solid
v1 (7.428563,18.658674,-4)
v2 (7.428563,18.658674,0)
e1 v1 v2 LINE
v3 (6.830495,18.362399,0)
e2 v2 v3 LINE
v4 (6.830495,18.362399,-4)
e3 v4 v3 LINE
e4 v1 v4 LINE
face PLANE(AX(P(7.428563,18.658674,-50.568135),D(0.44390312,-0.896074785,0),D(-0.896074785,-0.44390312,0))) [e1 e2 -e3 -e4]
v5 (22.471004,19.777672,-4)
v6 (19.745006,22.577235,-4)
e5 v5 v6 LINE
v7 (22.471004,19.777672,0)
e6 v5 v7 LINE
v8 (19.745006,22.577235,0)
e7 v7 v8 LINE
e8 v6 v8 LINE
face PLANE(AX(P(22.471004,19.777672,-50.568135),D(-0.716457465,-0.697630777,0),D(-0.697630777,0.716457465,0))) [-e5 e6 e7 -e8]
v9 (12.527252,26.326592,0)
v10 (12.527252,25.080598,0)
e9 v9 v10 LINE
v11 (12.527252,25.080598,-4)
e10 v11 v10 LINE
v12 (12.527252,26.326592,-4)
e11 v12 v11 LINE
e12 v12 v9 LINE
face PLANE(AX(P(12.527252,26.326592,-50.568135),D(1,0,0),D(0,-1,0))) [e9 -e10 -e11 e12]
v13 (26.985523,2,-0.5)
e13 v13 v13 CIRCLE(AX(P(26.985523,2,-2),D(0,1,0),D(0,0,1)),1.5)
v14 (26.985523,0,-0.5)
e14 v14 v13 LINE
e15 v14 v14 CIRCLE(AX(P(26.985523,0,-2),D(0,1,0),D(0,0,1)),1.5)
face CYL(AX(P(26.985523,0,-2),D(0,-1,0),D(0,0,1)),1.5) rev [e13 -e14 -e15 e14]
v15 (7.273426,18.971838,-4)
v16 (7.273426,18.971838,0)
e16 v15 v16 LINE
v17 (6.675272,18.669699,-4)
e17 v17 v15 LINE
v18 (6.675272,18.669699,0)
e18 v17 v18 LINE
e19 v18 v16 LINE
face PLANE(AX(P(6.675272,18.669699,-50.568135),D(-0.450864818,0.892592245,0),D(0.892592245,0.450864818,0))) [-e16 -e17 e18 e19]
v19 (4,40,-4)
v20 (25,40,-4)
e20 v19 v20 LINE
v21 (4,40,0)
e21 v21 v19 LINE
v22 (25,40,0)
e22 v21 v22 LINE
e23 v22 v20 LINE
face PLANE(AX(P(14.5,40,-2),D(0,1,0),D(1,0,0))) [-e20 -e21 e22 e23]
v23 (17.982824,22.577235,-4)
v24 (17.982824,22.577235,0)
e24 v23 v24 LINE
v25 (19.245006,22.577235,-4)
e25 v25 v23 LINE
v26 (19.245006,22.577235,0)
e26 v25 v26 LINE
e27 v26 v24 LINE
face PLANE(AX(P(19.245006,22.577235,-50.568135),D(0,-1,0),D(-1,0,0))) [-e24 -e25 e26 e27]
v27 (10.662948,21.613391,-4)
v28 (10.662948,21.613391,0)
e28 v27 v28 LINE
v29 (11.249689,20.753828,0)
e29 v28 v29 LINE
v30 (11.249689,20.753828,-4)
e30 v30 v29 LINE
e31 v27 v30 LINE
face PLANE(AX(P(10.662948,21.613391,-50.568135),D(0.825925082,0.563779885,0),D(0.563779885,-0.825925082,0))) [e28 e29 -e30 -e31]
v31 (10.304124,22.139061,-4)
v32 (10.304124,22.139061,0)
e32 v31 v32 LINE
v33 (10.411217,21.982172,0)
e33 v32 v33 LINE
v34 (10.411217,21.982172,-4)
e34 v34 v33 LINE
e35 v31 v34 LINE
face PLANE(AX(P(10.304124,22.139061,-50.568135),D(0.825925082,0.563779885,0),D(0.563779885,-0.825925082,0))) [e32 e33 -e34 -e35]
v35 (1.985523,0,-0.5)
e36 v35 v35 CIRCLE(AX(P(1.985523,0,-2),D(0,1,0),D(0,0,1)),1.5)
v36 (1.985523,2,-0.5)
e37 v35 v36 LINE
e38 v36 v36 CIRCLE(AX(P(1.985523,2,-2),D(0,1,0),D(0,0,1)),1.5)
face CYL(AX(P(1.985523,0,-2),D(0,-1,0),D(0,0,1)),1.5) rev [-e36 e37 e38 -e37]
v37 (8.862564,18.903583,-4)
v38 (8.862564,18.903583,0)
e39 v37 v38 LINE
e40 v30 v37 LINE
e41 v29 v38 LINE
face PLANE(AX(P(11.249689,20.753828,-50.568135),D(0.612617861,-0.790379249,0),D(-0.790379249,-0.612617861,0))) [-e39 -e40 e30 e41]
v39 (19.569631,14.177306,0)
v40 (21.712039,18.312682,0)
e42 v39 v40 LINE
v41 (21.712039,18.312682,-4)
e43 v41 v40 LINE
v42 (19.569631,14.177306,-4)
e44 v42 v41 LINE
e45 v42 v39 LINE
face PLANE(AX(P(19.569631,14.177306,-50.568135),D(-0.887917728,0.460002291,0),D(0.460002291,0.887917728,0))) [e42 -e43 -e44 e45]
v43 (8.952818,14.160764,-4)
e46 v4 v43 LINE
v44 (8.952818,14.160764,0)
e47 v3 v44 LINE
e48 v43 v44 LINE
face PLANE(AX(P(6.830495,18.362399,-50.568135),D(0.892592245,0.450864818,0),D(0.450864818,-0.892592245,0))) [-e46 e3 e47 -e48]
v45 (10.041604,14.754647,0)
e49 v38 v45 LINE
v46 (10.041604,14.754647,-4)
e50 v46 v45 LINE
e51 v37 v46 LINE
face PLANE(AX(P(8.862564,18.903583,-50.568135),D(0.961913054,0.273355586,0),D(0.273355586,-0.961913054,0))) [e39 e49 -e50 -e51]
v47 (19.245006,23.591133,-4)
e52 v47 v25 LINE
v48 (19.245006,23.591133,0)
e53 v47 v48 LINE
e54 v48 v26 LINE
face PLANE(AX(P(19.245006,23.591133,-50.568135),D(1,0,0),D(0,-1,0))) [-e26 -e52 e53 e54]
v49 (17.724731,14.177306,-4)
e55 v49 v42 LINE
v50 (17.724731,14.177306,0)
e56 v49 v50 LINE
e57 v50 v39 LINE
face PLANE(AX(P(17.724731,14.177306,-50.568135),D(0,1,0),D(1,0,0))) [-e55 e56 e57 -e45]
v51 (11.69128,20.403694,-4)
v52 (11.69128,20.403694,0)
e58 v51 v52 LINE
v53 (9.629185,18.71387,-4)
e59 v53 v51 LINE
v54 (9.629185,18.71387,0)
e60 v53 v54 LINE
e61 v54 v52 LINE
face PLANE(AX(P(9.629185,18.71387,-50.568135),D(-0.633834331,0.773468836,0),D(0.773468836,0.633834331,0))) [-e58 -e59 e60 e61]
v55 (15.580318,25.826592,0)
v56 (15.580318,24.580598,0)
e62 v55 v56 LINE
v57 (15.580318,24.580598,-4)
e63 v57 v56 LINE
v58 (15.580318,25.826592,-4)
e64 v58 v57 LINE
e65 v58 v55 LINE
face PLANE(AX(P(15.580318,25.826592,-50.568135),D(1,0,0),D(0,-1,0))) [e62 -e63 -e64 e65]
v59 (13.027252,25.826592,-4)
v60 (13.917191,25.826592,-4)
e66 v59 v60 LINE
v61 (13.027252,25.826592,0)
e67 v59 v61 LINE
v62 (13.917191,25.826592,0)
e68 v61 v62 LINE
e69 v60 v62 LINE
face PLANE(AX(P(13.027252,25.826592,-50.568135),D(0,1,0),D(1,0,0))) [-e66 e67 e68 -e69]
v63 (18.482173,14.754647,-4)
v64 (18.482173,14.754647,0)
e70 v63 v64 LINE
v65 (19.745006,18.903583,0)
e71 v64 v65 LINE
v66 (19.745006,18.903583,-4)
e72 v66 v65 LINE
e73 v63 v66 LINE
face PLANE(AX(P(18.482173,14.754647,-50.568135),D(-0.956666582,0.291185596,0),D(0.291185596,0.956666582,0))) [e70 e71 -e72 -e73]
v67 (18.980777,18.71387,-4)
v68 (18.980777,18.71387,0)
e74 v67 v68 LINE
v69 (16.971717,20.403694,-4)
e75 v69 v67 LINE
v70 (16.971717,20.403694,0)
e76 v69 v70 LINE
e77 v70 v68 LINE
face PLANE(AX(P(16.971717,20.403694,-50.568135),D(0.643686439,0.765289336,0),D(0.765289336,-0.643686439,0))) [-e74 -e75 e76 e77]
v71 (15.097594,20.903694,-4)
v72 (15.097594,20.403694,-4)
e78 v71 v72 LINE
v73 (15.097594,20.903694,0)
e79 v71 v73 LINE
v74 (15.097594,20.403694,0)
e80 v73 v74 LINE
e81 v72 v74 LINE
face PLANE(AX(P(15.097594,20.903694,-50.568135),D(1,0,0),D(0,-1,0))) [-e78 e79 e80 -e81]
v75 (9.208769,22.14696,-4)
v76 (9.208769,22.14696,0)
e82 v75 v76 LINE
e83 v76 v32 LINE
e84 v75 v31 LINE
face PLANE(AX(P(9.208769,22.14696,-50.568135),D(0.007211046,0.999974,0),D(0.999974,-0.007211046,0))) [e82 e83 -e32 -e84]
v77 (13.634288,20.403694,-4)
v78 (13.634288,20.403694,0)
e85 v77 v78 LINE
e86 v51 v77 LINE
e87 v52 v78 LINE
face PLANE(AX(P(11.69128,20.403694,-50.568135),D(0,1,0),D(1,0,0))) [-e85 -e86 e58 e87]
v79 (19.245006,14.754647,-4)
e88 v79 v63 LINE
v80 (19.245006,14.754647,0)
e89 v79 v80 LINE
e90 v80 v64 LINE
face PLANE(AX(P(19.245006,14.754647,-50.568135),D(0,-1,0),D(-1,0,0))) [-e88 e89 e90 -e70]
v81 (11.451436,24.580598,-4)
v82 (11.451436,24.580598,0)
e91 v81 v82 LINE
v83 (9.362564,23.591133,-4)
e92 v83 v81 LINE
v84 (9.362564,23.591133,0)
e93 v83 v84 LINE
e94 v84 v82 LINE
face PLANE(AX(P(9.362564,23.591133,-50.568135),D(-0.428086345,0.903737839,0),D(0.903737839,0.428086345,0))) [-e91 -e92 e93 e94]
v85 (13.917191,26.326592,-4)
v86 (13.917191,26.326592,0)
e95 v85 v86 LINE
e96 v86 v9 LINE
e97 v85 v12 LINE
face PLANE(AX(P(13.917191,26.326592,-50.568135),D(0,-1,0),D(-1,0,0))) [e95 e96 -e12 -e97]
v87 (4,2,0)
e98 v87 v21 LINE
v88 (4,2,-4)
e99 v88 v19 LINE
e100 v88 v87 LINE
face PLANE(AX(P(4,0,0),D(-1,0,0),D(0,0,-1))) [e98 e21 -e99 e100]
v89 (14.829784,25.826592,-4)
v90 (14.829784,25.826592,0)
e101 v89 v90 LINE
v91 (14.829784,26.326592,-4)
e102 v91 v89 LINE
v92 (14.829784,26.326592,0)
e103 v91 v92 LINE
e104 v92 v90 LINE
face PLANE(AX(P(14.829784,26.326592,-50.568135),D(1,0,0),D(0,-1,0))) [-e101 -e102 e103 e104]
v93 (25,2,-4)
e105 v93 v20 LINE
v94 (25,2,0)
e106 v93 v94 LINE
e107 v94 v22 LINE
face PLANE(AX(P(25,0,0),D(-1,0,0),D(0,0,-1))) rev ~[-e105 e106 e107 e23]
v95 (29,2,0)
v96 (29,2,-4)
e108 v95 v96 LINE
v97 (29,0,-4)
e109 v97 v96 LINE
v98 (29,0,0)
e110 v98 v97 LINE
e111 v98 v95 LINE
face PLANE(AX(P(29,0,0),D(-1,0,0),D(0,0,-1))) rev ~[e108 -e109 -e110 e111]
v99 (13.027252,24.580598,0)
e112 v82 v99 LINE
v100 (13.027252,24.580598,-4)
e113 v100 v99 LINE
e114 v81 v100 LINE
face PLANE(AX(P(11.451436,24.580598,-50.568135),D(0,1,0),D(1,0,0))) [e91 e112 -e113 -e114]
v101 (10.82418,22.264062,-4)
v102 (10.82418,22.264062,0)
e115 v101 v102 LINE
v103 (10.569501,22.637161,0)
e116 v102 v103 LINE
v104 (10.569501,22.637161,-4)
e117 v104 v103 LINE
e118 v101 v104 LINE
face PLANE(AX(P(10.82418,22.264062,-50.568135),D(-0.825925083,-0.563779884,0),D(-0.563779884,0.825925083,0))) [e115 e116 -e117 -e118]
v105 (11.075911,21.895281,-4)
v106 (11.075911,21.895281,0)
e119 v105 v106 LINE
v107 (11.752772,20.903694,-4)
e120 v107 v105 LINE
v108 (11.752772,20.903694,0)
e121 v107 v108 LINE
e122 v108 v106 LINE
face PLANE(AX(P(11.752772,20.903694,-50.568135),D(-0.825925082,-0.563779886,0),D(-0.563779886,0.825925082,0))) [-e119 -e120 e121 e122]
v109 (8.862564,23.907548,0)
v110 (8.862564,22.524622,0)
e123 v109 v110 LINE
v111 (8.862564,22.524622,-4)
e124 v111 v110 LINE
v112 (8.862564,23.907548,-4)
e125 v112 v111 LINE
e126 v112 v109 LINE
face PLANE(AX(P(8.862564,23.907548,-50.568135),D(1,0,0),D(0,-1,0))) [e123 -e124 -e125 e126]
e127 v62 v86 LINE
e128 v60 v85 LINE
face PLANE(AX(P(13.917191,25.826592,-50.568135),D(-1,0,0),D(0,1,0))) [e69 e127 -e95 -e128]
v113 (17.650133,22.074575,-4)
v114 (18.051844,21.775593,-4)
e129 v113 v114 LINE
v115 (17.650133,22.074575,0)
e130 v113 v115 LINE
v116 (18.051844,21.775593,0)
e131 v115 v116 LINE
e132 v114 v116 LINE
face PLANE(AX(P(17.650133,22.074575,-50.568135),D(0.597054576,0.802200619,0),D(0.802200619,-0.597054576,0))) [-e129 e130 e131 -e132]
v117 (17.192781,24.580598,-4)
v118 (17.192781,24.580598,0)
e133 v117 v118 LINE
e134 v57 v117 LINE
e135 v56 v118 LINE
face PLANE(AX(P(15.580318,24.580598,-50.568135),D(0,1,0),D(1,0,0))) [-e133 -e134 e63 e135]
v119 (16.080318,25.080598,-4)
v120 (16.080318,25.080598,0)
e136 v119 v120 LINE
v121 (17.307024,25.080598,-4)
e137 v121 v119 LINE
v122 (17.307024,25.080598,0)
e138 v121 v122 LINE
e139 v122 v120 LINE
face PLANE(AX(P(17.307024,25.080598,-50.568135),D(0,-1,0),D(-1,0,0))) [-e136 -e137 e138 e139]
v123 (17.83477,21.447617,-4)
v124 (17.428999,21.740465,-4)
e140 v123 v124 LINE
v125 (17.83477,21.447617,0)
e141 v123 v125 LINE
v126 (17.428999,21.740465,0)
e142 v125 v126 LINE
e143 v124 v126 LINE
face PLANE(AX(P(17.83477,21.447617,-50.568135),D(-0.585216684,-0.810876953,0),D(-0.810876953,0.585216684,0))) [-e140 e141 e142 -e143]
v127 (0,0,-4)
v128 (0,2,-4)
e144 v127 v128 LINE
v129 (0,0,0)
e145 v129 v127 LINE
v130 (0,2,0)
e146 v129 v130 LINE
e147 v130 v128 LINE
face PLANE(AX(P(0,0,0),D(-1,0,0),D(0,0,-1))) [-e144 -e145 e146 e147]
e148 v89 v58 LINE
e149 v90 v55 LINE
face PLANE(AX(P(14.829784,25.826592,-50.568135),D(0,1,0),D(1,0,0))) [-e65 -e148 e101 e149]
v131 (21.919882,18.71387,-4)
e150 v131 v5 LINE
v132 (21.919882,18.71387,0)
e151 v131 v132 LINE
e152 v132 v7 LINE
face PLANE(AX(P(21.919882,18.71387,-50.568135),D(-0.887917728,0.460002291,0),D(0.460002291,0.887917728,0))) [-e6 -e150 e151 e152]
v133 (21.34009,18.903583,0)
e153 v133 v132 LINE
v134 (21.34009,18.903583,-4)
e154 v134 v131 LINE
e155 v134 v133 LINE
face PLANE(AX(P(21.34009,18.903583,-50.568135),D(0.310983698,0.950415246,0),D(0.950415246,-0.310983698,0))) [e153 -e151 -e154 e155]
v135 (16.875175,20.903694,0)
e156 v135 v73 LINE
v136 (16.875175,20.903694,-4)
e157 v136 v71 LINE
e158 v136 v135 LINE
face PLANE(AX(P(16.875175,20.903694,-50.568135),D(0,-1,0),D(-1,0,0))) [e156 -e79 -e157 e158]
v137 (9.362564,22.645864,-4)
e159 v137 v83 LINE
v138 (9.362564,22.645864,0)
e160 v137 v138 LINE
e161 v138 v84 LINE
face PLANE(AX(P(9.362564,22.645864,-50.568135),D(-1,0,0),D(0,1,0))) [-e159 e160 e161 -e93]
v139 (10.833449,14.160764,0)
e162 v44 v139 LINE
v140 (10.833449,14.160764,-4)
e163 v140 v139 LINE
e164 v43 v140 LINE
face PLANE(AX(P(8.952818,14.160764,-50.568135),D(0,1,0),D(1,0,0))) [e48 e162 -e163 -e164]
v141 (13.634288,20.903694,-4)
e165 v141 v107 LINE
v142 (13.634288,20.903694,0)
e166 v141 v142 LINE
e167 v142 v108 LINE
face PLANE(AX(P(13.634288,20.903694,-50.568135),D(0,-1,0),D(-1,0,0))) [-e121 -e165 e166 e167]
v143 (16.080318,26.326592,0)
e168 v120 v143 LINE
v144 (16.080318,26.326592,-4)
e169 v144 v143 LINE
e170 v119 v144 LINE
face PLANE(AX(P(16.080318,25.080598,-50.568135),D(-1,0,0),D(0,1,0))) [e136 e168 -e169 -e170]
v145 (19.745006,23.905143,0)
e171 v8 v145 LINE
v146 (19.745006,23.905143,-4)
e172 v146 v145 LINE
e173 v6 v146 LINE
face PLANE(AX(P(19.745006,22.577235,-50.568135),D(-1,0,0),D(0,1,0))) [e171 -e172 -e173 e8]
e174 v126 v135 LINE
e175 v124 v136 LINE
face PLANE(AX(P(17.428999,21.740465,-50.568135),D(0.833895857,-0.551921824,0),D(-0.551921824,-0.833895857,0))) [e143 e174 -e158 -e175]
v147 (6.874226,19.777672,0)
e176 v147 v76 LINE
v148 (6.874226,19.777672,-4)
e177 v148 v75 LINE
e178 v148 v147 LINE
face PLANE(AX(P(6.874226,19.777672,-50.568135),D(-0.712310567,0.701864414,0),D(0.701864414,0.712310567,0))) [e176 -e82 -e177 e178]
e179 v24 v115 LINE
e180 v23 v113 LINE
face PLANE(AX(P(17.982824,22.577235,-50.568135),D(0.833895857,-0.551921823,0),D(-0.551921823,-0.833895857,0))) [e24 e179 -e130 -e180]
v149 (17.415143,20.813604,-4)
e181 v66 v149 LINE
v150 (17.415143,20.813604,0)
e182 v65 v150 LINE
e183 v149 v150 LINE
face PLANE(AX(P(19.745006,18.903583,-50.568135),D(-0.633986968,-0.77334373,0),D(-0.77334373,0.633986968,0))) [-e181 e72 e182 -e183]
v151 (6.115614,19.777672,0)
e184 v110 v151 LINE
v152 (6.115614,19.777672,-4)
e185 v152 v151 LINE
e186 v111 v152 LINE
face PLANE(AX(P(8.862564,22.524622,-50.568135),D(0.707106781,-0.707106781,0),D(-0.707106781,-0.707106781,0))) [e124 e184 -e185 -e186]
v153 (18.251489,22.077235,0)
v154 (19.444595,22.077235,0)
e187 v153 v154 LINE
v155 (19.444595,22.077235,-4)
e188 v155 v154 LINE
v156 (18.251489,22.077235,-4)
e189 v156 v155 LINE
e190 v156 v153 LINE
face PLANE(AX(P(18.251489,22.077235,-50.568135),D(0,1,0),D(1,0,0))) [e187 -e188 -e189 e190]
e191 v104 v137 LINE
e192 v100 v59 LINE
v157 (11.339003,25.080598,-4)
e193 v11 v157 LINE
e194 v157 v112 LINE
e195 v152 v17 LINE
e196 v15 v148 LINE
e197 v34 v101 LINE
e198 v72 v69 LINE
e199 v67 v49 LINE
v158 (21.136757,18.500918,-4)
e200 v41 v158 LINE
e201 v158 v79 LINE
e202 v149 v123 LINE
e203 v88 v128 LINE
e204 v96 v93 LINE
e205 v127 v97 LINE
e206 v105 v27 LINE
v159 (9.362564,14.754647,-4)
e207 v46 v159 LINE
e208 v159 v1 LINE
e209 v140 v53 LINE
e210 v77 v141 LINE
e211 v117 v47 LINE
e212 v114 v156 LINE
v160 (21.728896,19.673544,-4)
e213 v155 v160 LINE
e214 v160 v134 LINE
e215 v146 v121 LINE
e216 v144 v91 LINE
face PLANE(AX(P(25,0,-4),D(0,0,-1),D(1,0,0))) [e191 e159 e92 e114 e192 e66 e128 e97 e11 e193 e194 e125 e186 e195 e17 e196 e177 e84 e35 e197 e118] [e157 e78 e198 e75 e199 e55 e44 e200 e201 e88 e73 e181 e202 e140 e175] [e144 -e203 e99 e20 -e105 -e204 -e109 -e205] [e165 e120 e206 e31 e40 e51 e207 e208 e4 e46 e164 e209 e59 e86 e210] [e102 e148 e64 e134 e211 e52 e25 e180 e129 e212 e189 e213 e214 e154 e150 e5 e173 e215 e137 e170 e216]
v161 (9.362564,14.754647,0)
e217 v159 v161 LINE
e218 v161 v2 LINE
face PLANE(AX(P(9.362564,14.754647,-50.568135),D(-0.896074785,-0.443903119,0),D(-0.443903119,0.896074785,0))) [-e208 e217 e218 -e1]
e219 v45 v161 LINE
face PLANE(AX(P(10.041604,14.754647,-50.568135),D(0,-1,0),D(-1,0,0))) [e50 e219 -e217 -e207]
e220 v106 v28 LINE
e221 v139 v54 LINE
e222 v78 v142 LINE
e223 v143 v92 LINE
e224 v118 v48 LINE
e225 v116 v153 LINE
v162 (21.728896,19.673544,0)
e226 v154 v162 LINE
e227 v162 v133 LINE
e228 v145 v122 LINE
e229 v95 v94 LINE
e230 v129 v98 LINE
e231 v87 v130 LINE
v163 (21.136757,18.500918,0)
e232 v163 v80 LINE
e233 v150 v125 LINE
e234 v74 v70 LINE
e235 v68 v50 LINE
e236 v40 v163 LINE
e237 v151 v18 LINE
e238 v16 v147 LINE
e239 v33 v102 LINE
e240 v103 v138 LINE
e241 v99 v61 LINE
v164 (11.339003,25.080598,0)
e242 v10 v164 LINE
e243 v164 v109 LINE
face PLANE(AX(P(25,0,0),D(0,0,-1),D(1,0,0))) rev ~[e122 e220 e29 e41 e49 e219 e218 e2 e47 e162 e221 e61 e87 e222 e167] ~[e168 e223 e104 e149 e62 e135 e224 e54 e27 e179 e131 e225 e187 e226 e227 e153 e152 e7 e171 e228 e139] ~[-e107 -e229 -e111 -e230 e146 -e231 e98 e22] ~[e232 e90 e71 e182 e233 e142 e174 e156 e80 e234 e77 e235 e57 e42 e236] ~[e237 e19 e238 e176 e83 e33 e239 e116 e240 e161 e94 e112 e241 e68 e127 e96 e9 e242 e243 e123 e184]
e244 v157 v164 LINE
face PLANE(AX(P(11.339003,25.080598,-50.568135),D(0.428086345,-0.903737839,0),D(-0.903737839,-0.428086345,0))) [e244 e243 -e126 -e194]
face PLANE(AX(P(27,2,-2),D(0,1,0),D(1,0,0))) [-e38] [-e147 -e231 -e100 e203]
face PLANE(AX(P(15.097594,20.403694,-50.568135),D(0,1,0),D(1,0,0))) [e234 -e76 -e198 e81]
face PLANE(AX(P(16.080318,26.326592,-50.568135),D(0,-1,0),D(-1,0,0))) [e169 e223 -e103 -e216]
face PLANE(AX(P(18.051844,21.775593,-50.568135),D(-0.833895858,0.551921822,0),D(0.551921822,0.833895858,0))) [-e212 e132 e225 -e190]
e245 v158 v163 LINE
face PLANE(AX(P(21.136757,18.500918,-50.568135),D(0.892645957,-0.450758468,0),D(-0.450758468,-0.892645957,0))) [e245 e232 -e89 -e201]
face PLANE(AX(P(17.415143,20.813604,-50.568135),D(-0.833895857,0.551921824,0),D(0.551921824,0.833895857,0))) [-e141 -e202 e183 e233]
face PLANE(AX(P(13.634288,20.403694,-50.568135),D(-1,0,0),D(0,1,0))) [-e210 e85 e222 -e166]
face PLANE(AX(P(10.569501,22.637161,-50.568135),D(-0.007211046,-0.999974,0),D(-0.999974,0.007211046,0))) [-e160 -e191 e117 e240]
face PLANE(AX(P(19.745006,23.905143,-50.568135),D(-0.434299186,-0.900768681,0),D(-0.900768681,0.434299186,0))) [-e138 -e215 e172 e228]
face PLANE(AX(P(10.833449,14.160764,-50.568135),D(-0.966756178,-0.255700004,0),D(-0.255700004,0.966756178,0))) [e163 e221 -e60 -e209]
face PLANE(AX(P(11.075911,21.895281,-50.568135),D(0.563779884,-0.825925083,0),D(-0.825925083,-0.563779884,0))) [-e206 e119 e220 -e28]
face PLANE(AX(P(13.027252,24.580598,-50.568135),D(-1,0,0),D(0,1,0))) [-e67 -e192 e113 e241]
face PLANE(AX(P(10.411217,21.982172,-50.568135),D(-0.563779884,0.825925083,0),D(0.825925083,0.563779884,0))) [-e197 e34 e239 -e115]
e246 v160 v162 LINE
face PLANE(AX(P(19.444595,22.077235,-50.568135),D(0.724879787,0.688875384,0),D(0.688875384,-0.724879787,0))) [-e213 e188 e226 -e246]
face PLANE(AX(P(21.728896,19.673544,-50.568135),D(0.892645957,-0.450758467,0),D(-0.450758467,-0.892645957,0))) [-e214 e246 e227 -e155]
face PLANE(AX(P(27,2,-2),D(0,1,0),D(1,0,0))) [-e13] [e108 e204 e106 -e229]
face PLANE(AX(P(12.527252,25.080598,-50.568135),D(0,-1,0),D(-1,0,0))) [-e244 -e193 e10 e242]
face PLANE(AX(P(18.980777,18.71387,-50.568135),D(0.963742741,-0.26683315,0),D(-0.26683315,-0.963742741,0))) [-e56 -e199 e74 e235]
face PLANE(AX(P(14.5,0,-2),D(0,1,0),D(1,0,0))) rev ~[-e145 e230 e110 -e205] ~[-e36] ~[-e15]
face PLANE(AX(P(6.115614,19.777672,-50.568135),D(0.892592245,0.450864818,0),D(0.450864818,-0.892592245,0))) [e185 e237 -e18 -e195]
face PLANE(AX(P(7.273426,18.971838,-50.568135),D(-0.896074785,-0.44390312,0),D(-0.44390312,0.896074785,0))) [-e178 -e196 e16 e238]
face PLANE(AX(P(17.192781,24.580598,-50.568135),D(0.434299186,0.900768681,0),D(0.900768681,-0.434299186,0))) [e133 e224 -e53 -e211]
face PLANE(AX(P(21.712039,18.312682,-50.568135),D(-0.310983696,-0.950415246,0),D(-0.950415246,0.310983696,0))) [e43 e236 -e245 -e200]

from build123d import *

# Parameters (mm, degrees)
SKETCH1_W               = 29
SKETCH1_H               = 4
SKETCH1_R               = 1.5
BOSS_EXTRUDE1_DEPTH     = 2
SKETCH1_3_W             = 21
SKETCH1_3_H             = 4
BOSS_EXTRUDE2_DEPTH     = 40
CUT_EXTRUDE1_DEPTH      = 50.568134926
CUT_EXTRUDE1_DEPTH_BACK = 50.568134926


with BuildPart() as part:
    # Sketch1 → Boss-Extrude1 (new body)
    with BuildSketch(Plane(origin=(0, 0, 0), x_dir=(1, 0, 0), z_dir=(0, 1, 0))):
        with Locations((14.5, 2)):
            Rectangle(SKETCH1_W, SKETCH1_H)
        with Locations((1.985523286, 2)):
            Circle(SKETCH1_R, mode=Mode.SUBTRACT)
        with Locations((26.985523286, 2)):
            Circle(SKETCH1_R, mode=Mode.SUBTRACT)
    extrude(amount=BOSS_EXTRUDE1_DEPTH)

    # Sketch1<3> → Boss-Extrude2 (add)
    with BuildSketch(Plane(origin=(0, 0, 0), x_dir=(1, 0, 0), z_dir=(0, 1, 0))):
        with Locations((14.5, 2)):
            Rectangle(SKETCH1_3_W, SKETCH1_3_H)
    extrude(amount=BOSS_EXTRUDE2_DEPTH)

    # Sketch4 → Cut-Extrude1 (cut, two sides: drawn at the far end of the back side and taken through both)
    with BuildSketch(Plane.XY.offset(-CUT_EXTRUDE1_DEPTH_BACK)):
        Polygon((14.829784235, 25.826592436), (15.580318165, 25.826592436), (15.580318165, 24.58059841), (17.192781023, 24.58059841), (19.245006478, 23.591132565), (19.245006478, 22.577235465), (17.982823566, 22.577235465), (17.650133225, 22.074575332), (18.051844448, 21.775593359), (18.251489115, 22.077235465), (19.444594864, 22.077235465), (21.728896307, 19.673543908), (21.340089812, 18.903582673), (21.919881884, 18.713869931), (22.47100439, 19.777672119), (19.745006478, 22.577235465), (19.745006478, 23.905142602), (17.307024063, 25.08059841), (16.080318165, 25.08059841), (16.080318165, 26.326592436), (14.829784235, 26.326592436), align=None)
        Polygon((13.027251973, 25.826592436), (13.917191226, 25.826592436), (13.917191226, 26.326592436), (12.527251973, 26.326592436), (12.527251973, 25.08059841), (11.339002885, 25.08059841), (8.862563659, 23.907548251), (8.862563659, 22.524621534), (6.115614244, 19.777672119), (6.67527171, 18.669699411), (7.27342553, 18.971837946), (6.874226368, 19.777672119), (9.208768581, 22.14696034), (10.304123515, 22.13906148), (10.411216966, 21.982171939), (10.824179507, 22.264061881), (10.56950065, 22.637160784), (9.362563659, 22.645864288), (9.362563659, 23.591132565), (11.451435998, 24.58059841), (13.027251973, 24.58059841), align=None)
        Polygon((17.834770022, 21.447616721), (17.428999134, 21.740464967), (16.875174702, 20.903694469), (15.097594277, 20.903694469), (15.097594277, 20.403694469), (16.97171728, 20.403694469), (18.980777312, 18.713869931), (17.724730843, 14.177305917), (19.569630531, 14.177305917), (21.712038769, 18.312681525), (21.136756911, 18.500918487), (19.245006478, 14.754647487), (18.482173443, 14.754647487), (19.745006478, 18.903582673), (17.415142863, 20.813604196), align=None)
        Polygon((11.752771943, 20.903694469), (11.07591062, 21.895281359), (10.662948079, 21.613391417), (11.249689352, 20.753828409), (8.862563659, 18.903582673), (10.041604324, 14.754647487), (9.362563659, 14.754647487), (7.428562862, 18.658673552), (6.830494871, 18.362398898), (8.952818152, 14.16076412), (10.833448813, 14.16076412), (9.629185319, 18.713869931), (11.691280342, 20.403694469), (13.634288417, 20.403694469), (13.634288417, 20.903694469), align=None)
    extrude(amount=CUT_EXTRUDE1_DEPTH + CUT_EXTRUDE1_DEPTH_BACK, mode=Mode.SUBTRACT)


solid = part.part
